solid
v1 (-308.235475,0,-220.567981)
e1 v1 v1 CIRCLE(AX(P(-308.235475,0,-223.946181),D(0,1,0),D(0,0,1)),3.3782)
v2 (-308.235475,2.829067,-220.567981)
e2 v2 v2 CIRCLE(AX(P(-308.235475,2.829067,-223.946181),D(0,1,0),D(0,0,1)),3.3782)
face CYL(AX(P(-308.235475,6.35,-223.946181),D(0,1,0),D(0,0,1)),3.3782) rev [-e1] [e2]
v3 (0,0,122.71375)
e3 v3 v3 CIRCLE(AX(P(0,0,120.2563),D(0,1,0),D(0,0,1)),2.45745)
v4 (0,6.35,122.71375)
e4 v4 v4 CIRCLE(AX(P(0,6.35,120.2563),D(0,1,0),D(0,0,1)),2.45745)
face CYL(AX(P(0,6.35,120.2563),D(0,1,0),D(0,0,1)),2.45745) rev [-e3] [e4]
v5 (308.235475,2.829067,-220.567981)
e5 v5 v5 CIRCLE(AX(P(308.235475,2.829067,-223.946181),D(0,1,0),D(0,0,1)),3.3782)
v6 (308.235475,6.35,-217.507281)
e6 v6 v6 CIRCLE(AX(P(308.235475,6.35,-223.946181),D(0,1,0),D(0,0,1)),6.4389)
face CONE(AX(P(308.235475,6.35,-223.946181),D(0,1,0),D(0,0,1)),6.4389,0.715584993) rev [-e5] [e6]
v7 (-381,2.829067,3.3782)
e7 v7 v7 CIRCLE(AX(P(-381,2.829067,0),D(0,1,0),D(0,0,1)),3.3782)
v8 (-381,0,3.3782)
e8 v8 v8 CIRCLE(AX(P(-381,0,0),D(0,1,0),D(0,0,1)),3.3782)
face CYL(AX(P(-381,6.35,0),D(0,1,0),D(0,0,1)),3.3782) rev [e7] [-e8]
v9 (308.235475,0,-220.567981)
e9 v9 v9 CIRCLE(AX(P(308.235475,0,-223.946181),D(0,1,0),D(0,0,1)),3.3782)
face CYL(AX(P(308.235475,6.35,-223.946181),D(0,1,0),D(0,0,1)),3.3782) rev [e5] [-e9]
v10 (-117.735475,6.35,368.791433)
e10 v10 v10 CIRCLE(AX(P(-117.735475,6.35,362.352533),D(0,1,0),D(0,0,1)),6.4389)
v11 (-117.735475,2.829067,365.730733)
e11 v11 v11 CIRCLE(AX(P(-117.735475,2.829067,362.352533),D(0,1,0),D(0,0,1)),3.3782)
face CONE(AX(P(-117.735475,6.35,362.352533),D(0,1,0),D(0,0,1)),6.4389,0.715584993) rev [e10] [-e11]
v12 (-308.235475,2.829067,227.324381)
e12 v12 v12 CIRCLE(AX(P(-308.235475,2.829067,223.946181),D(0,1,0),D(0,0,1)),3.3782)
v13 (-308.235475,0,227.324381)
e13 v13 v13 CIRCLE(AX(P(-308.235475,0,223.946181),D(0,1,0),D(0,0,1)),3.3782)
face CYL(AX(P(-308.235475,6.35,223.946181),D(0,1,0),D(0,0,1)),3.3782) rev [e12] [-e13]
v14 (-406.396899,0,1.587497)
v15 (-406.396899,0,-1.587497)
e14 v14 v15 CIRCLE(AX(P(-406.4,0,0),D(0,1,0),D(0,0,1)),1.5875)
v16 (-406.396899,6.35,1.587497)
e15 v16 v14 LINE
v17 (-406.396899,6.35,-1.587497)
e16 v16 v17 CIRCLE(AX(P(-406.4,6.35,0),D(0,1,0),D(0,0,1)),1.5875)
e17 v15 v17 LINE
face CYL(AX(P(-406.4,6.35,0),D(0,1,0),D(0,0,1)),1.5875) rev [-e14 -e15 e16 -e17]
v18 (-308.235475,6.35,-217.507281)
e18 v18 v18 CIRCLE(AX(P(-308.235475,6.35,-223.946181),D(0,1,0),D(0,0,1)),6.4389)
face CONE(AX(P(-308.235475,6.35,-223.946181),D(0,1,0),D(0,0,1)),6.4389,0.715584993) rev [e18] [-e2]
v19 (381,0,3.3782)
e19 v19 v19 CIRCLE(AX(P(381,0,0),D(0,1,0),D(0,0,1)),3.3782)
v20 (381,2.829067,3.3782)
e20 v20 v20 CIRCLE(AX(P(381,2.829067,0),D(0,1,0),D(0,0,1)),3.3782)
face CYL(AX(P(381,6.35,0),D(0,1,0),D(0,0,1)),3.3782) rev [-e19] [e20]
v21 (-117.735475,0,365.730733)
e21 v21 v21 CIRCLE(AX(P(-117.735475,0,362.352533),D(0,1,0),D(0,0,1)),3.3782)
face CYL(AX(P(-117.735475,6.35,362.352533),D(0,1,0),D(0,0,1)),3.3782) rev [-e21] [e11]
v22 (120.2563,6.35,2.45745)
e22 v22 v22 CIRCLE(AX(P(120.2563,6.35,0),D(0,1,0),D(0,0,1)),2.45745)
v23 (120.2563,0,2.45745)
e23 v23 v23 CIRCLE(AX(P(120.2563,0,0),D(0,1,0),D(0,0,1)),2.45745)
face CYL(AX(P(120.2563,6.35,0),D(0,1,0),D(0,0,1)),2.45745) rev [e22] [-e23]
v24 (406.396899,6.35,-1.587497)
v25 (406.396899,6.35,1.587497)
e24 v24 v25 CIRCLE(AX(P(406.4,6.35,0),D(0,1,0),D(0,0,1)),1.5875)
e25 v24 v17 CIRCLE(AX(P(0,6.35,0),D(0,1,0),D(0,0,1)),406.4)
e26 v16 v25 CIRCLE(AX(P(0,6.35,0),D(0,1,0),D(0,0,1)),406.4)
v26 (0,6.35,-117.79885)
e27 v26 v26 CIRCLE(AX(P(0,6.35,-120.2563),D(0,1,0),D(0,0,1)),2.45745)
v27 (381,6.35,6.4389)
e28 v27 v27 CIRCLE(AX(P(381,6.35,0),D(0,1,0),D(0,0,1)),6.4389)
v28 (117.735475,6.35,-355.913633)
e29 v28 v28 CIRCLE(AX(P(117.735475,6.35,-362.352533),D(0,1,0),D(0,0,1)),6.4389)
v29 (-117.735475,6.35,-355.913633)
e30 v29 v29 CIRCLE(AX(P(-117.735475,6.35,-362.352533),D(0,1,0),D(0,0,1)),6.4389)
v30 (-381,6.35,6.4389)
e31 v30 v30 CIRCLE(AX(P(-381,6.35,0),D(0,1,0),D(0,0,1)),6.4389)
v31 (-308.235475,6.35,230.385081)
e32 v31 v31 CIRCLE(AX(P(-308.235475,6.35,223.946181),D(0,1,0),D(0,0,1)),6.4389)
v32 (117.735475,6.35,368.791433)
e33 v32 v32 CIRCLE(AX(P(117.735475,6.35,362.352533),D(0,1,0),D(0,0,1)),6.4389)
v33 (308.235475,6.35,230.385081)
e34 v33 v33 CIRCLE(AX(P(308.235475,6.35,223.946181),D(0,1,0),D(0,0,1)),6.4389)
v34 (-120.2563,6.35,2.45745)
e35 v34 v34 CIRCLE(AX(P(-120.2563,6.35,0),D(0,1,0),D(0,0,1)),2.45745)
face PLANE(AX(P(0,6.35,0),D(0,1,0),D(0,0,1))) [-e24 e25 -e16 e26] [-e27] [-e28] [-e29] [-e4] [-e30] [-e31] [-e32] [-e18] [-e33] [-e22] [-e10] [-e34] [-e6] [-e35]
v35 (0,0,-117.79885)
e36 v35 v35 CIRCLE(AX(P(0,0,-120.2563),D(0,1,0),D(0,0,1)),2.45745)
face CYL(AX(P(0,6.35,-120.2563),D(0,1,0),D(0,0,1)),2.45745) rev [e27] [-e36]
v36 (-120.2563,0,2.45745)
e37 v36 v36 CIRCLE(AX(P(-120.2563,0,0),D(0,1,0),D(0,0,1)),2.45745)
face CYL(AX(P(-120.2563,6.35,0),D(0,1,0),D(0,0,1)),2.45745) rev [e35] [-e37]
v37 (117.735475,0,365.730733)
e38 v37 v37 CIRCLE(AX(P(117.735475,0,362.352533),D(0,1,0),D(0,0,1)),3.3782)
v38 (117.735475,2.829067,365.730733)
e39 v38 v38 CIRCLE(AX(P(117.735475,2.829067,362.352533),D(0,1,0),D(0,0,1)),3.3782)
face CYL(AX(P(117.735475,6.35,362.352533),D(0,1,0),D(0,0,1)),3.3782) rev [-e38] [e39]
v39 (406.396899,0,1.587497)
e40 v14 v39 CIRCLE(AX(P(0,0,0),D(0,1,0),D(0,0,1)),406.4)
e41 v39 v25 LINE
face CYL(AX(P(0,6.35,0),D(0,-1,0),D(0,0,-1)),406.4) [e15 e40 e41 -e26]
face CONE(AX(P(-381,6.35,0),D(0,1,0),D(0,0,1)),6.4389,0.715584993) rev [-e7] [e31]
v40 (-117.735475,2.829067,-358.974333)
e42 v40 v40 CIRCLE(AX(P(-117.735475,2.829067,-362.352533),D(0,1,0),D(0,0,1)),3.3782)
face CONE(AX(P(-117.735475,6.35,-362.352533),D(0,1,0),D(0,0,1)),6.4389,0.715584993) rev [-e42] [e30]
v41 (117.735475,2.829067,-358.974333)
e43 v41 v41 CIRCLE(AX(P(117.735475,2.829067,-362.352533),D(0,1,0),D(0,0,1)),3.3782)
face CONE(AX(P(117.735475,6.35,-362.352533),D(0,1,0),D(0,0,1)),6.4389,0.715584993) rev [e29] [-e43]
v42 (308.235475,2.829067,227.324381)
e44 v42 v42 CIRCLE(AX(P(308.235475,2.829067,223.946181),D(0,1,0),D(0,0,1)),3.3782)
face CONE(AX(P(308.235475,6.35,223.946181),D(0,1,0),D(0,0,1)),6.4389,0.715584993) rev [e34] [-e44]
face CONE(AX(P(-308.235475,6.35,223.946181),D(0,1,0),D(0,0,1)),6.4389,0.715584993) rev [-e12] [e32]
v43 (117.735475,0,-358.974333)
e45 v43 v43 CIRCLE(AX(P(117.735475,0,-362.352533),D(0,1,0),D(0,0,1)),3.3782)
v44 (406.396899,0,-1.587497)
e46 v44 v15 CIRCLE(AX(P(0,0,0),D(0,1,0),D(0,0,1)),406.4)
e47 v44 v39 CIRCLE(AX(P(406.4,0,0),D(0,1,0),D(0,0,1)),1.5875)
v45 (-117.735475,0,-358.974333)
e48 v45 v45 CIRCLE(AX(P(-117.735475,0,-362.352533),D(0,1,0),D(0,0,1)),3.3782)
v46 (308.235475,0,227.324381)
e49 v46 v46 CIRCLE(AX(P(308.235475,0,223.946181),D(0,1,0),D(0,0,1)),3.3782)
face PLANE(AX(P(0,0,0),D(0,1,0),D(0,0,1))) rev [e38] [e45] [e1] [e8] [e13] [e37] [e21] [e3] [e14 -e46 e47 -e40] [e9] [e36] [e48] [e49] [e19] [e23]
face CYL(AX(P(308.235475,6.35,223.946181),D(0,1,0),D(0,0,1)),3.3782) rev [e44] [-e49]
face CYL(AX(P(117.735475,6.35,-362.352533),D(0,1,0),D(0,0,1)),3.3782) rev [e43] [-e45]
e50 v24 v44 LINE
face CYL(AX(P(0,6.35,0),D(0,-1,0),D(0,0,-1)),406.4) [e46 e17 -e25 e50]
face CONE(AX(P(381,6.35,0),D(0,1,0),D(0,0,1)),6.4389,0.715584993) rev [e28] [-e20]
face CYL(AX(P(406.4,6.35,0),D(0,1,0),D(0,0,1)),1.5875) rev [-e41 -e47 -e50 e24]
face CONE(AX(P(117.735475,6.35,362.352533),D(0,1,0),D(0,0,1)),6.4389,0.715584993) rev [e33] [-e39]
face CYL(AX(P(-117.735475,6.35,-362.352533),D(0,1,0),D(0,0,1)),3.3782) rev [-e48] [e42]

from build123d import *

# Parameters (mm, degrees)
SKETCH1_R                                     = 406.4
BOSS_EXTRUDE1_DEPTH                           = 6.35
CSK_FOR_1_4_FLAT_HEAD_MACHINE_SCREW1_AT_COUNT = 2
CSK_FOR_1_4_FLAT_HEAD_MACHINE_SCREW1_AT_PITCH = 235.470949714
CSK_FOR_1_4_FLAT_HEAD_MACHINE_SCREW1_2_COUNT  = 2
CSK_FOR_1_4_FLAT_HEAD_MACHINE_SCREW1_2_PITCH  = 447.892362247
CSK_FOR_1_4_FLAT_HEAD_MACHINE_SCREW1_3_COUNT  = 2
CSK_FOR_1_4_FLAT_HEAD_MACHINE_SCREW1_3_PITCH  = 616.470949714
CSK_FOR_1_4_FLAT_HEAD_MACHINE_SCREW1_4_COUNT  = 2
CSK_FOR_1_4_FLAT_HEAD_MACHINE_SCREW1_4_PITCH  = 724.705065417
CSK_FOR_1_4_FLAT_HEAD_MACHINE_SCREW1_5_COUNT  = 2
CSK_FOR_1_4_FLAT_HEAD_MACHINE_SCREW1_5_PITCH  = 762
CSK_FOR_1_4_FLAT_HEAD_MACHINE_SCREW1_6_COUNT  = 2
CSK_FOR_1_4_FLAT_HEAD_MACHINE_SCREW1_6_PITCH  = 724.705065417
CSK_FOR_1_4_FLAT_HEAD_MACHINE_SCREW1_7_COUNT  = 2
CSK_FOR_1_4_FLAT_HEAD_MACHINE_SCREW1_7_PITCH  = 616.470949714
CSK_FOR_1_4_FLAT_HEAD_MACHINE_SCREW1_8_COUNT  = 2
CSK_FOR_1_4_FLAT_HEAD_MACHINE_SCREW1_8_PITCH  = 447.892362247
CSK_FOR_1_4_FLAT_HEAD_MACHINE_SCREW1_9_COUNT  = 2
CSK_FOR_1_4_FLAT_HEAD_MACHINE_SCREW1_9_PITCH  = 235.470949714
F_10_0_1935_DIAMETER_HOLE1_D                  = 4.9149
F_1_8_0_125_DIAMETER_HOLE1_D                  = 3.175


with BuildPart() as part:
    # Sketch1 → Boss-Extrude1 (new body)
    with BuildSketch(Plane(origin=(0, 0, 0), x_dir=(1, 0, 0), z_dir=(0, 1, 0))):
        Circle(SKETCH1_R)
    extrude(amount=BOSS_EXTRUDE1_DEPTH)

    # Sketch6 → CSK for 1/4 Flat Head Machine Screw1 (revolve, cut)
    with BuildSketch(Plane(origin=(-117.735474857, 6.35, -362.352532708), x_dir=(0, 0, 1), z_dir=(1, 0, 0))):
        Polygon((0, 0), (0, 6.35), (3.3782, 6.35), (3.3782, 3.520932584), (6.4389, 0), align=None)
    csk_for_1_4_flat_head_machine_screw1 = revolve(axis=Axis((-117.735474857, 12.7, -362.352532708), (0, -1, 0)), mode=Mode.SUBTRACT)

    # CSK for 1/4 Flat Head Machine Screw1 at: CSK for 1/4 Flat Head Machine Screw1 ×2
    with Locations(*[(i * CSK_FOR_1_4_FLAT_HEAD_MACHINE_SCREW1_AT_PITCH, 0, 0) for i in range(1, CSK_FOR_1_4_FLAT_HEAD_MACHINE_SCREW1_AT_COUNT)]):
        add(csk_for_1_4_flat_head_machine_screw1, mode=Mode.SUBTRACT)

    # CSK for 1_4 Flat Head Machine Screw1 2: CSK for 1/4 Flat Head Machine Screw1 ×2
    with Locations(*[Vector(0.951056516, 0, 0.309016994) * (i * CSK_FOR_1_4_FLAT_HEAD_MACHINE_SCREW1_2_PITCH) for i in range(1, CSK_FOR_1_4_FLAT_HEAD_MACHINE_SCREW1_2_COUNT)]):
        add(csk_for_1_4_flat_head_machine_screw1, mode=Mode.SUBTRACT)

    # CSK for 1_4 Flat Head Machine Screw1 3: CSK for 1/4 Flat Head Machine Screw1 ×2
    with Locations(*[Vector(0.809016994, 0, 0.587785252) * (i * CSK_FOR_1_4_FLAT_HEAD_MACHINE_SCREW1_3_PITCH) for i in range(1, CSK_FOR_1_4_FLAT_HEAD_MACHINE_SCREW1_3_COUNT)]):
        add(csk_for_1_4_flat_head_machine_screw1, mode=Mode.SUBTRACT)

    # CSK for 1_4 Flat Head Machine Screw1 4: CSK for 1/4 Flat Head Machine Screw1 ×2
    with Locations(*[Vector(0.587785252, 0, 0.809016994) * (i * CSK_FOR_1_4_FLAT_HEAD_MACHINE_SCREW1_4_PITCH) for i in range(1, CSK_FOR_1_4_FLAT_HEAD_MACHINE_SCREW1_4_COUNT)]):
        add(csk_for_1_4_flat_head_machine_screw1, mode=Mode.SUBTRACT)

    # CSK for 1_4 Flat Head Machine Screw1 5: CSK for 1/4 Flat Head Machine Screw1 ×2
    with Locations(*[Vector(0.309016994, 0, 0.951056516) * (i * CSK_FOR_1_4_FLAT_HEAD_MACHINE_SCREW1_5_PITCH) for i in range(1, CSK_FOR_1_4_FLAT_HEAD_MACHINE_SCREW1_5_COUNT)]):
        add(csk_for_1_4_flat_head_machine_screw1, mode=Mode.SUBTRACT)

    # CSK for 1_4 Flat Head Machine Screw1 6: CSK for 1/4 Flat Head Machine Screw1 ×2
    with Locations(*[(0, 0, i * CSK_FOR_1_4_FLAT_HEAD_MACHINE_SCREW1_6_PITCH) for i in range(1, CSK_FOR_1_4_FLAT_HEAD_MACHINE_SCREW1_6_COUNT)]):
        add(csk_for_1_4_flat_head_machine_screw1, mode=Mode.SUBTRACT)

    # CSK for 1_4 Flat Head Machine Screw1 7: CSK for 1/4 Flat Head Machine Screw1 ×2
    with Locations(*[Vector(-0.309016994, 0, 0.951056516) * (i * CSK_FOR_1_4_FLAT_HEAD_MACHINE_SCREW1_7_PITCH) for i in range(1, CSK_FOR_1_4_FLAT_HEAD_MACHINE_SCREW1_7_COUNT)]):
        add(csk_for_1_4_flat_head_machine_screw1, mode=Mode.SUBTRACT)

    # CSK for 1_4 Flat Head Machine Screw1 8: CSK for 1/4 Flat Head Machine Screw1 ×2
    with Locations(*[Vector(-0.587785252, 0, 0.809016994) * (i * CSK_FOR_1_4_FLAT_HEAD_MACHINE_SCREW1_8_PITCH) for i in range(1, CSK_FOR_1_4_FLAT_HEAD_MACHINE_SCREW1_8_COUNT)]):
        add(csk_for_1_4_flat_head_machine_screw1, mode=Mode.SUBTRACT)

    # CSK for 1_4 Flat Head Machine Screw1 9: CSK for 1/4 Flat Head Machine Screw1 ×2
    with Locations(*[Vector(-0.809016994, 0, 0.587785252) * (i * CSK_FOR_1_4_FLAT_HEAD_MACHINE_SCREW1_9_PITCH) for i in range(1, CSK_FOR_1_4_FLAT_HEAD_MACHINE_SCREW1_9_COUNT)]):
        add(csk_for_1_4_flat_head_machine_screw1, mode=Mode.SUBTRACT)

    # #10 (0.1935) Diameter Hole1 (through all)
    with Locations(Plane(origin=(0, 6.35, 0), x_dir=(1, 0, 0), z_dir=(0, 1, 0))):
        with Locations((0, -120.2563), (120.2563, 0), (0, 120.2563), (-120.2563, 0)):
            Hole(F_10_0_1935_DIAMETER_HOLE1_D / 2)

    # 1/8 (0.125) Diameter Hole1 (through all)
    with Locations(Plane(origin=(0, 6.35, 0), x_dir=(1, 0, 0), z_dir=(0, 1, 0))):
        with Locations((-406.4, 0), (406.4, 0)):
            Hole(F_1_8_0_125_DIAMETER_HOLE1_D / 2)


solid = part.part
